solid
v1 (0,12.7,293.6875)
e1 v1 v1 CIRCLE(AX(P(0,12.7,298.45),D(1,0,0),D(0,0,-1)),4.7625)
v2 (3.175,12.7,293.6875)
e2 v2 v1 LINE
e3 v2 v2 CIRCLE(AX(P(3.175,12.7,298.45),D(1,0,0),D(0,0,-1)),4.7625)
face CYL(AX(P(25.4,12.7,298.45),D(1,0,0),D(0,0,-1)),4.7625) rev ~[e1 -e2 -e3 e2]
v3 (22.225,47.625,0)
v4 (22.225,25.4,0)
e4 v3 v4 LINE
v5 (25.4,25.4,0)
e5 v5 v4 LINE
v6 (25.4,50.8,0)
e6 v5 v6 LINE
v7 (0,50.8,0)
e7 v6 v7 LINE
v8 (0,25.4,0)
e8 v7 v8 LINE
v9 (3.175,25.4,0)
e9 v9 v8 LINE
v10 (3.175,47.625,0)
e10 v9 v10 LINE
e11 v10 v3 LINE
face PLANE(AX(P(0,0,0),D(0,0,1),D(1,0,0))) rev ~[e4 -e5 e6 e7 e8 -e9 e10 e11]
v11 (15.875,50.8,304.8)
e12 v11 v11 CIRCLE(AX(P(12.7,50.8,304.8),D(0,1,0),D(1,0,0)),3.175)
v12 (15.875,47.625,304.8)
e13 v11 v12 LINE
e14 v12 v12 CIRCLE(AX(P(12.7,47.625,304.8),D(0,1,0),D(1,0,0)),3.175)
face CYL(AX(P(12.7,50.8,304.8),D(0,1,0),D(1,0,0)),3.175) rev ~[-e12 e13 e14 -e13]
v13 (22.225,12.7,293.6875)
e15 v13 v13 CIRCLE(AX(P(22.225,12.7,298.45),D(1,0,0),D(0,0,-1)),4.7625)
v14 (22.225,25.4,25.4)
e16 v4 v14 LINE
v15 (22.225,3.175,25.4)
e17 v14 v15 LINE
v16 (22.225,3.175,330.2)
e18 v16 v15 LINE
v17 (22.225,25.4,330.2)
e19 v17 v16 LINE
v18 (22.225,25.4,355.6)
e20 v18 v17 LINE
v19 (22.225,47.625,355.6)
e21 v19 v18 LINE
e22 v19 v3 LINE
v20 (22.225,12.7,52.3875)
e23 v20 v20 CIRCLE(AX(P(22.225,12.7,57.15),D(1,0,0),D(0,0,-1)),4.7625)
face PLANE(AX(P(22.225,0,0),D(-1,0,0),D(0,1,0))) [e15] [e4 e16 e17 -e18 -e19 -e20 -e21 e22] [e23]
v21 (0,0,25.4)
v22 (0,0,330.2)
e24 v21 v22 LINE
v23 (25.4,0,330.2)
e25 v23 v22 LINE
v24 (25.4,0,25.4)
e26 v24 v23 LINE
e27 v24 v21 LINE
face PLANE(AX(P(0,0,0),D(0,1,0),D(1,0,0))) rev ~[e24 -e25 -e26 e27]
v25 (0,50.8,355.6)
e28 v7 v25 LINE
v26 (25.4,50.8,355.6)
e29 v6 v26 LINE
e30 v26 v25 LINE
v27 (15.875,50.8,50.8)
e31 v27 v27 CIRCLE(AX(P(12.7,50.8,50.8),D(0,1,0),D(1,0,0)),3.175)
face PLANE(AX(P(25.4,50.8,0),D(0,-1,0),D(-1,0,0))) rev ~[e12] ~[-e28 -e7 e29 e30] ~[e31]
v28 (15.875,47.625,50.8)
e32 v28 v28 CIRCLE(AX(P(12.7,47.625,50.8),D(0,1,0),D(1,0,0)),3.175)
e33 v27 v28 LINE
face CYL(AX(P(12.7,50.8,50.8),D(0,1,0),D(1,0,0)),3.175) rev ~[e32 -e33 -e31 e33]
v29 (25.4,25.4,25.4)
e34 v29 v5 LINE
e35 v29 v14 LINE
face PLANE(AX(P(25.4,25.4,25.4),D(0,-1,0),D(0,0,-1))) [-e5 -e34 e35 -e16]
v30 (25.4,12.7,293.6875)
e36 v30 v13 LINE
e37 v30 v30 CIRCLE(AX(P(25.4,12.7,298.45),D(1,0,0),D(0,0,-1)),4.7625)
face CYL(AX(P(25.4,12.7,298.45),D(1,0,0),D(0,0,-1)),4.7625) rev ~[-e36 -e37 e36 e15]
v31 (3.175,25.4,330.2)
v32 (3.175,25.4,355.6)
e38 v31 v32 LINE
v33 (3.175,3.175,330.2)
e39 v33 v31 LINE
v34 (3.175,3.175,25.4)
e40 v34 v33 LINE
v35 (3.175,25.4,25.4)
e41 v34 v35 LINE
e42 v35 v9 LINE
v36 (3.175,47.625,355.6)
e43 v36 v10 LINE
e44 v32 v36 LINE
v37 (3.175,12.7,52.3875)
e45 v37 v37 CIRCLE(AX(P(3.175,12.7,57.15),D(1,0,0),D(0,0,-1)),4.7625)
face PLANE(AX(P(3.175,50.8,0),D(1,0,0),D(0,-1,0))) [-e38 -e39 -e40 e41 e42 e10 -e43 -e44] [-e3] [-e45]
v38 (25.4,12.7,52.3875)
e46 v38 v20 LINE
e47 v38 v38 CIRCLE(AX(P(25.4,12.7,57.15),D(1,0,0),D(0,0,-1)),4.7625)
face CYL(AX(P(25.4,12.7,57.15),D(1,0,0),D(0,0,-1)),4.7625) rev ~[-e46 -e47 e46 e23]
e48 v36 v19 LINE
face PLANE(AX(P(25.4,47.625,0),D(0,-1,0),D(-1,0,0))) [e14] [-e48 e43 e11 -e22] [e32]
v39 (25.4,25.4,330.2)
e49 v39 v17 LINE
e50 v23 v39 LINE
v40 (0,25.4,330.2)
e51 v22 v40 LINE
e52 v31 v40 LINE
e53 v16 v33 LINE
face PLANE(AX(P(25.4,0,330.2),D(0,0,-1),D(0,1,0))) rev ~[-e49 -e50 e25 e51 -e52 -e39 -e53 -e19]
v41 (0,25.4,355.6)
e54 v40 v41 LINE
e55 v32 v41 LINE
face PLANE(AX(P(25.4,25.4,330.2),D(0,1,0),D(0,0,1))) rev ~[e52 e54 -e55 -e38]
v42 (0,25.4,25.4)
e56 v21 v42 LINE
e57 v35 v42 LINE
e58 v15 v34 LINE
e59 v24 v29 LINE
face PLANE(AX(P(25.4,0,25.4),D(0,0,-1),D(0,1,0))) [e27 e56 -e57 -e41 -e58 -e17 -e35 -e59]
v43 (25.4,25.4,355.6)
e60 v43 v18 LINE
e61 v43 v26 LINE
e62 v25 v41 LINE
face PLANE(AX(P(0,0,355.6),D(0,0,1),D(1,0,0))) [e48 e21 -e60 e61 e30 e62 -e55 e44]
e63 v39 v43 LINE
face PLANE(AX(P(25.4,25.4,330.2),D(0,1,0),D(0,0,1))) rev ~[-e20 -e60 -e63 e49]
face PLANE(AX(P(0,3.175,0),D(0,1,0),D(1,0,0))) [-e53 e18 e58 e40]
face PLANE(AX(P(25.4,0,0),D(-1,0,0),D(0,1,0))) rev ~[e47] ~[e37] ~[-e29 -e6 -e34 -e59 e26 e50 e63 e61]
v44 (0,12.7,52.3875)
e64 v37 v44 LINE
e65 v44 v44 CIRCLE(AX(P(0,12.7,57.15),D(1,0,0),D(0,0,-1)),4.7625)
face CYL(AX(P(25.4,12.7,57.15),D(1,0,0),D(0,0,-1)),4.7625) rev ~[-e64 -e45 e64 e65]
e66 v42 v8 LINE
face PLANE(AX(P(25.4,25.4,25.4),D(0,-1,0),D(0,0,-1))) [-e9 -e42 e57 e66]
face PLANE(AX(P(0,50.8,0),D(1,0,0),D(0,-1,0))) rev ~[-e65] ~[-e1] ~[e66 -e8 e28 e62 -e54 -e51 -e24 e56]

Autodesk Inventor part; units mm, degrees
ref_plane "YZ Plane" through (0, 0, 0) normal (1, 0, 0) x (0, 1, 0)
ref_plane "XZ Plane" through (0, 0, 0) normal (0, 1, 0) x (-1, 0, 0)
ref_plane "XY Plane" through (0, 0, 0) normal (0, 0, 1) x (1, 0, 0)
sketch "Sketch1" plane through (0, 0, 0) normal (0, 0, 1) x (1, 0, 0)
  line L0 (0, 0) -> (25.4, 0)
  line L1 (25.4, 0) -> (25.4, 50.8)
  line L2 (25.4, 50.8) -> (0, 50.8)
  line L3 (0, 50.8) -> (0, 0)
  dimension "d0" = 25.4
  dimension "d1" = 50.8
extrude "Extrusion1" add sketch "Sketch1" along normal blind 355.6
shell "Shell1" thickness 3.175 removed faces 2 at (16.9333, 16.9333, 0) at (8.4667, 33.8667, 355.6)
sketch "Sketch2" plane through (25.4, 0, 0) normal (1, 0, 0) x (0, 0, -1)
  line L0 (-355.6, 0) -> (-330.2, 0)
  line L1 (-330.2, 0) -> (-330.2, 25.4)
  line L2 (-330.2, 25.4) -> (-355.6, 25.4)
  line L3 (-355.6, 25.4) -> (-355.6, 0)
  line L4 (0, 0) -> (-25.4, 0)
  line L5 (-25.4, 0) -> (-25.4, 25.4)
  line L6 (-25.4, 25.4) -> (0, 25.4)
  line L7 (0, 25.4) -> (0, 0)
  dimension "d5" = 25.4
extrude "Extrusion2" cut sketch "Sketch2" against normal through all
sketch "Sketch3" plane through (25.4, 50.8, 355.6) normal (1, 0, 0) x (0, 0, -1)
  line L0 (330.2, -50.8) -> (330.2, -25.4) projected
  line L1 (25.4, -25.4) -> (25.4, -50.8) projected
  line L2 (330.2, -50.8) -> (25.4, -50.8) projected
  circle A0 centre (57.15, -38.1) radius 4.7625
  circle A1 centre (298.45, -38.1) radius 4.7625
  point P0 (355.6, -50.8)
  dimension "d8" = 9.525
  dimension "d9" = 31.75
  dimension "d10" = 12.7
  dimension "d11" = 12.7
  dimension "d12" = 31.75
extrude "Extrusion3" cut sketch "Sketch3" against normal through all
sketch "Sketch4" plane through (0, 50.8, 0) normal (0, 1, 0) x (1, 0, 0)
  line L0 (0, -355.6) -> (25.4, -355.6)
  line L1 (25.4, 0) -> (0, 0) projected
  line L2 (0, 0) -> (0, -355.6) projected
  circle A0 centre (12.7, -50.8) radius 3.175
  circle A1 centre (12.7, -304.8) radius 3.175
  line L3 (12.7, 0) -> (12.7, -50.8) construction
  line L4 (12.7, -50.8) -> (12.7, -304.8) construction
  line L5 (12.7, -304.8) -> (12.7, -355.6) construction
  dimension "d15" = 6.35
  dimension "d16" = 12.7
  dimension "d17" = 50.8
  dimension "d18" = 254
  dimension "d19" = 50.8
extrude "Extrusion4" cut sketch "Sketch4" against normal up to next
properties part number "Frame_MainHorizontalMount" material "Aluminum-6061"
